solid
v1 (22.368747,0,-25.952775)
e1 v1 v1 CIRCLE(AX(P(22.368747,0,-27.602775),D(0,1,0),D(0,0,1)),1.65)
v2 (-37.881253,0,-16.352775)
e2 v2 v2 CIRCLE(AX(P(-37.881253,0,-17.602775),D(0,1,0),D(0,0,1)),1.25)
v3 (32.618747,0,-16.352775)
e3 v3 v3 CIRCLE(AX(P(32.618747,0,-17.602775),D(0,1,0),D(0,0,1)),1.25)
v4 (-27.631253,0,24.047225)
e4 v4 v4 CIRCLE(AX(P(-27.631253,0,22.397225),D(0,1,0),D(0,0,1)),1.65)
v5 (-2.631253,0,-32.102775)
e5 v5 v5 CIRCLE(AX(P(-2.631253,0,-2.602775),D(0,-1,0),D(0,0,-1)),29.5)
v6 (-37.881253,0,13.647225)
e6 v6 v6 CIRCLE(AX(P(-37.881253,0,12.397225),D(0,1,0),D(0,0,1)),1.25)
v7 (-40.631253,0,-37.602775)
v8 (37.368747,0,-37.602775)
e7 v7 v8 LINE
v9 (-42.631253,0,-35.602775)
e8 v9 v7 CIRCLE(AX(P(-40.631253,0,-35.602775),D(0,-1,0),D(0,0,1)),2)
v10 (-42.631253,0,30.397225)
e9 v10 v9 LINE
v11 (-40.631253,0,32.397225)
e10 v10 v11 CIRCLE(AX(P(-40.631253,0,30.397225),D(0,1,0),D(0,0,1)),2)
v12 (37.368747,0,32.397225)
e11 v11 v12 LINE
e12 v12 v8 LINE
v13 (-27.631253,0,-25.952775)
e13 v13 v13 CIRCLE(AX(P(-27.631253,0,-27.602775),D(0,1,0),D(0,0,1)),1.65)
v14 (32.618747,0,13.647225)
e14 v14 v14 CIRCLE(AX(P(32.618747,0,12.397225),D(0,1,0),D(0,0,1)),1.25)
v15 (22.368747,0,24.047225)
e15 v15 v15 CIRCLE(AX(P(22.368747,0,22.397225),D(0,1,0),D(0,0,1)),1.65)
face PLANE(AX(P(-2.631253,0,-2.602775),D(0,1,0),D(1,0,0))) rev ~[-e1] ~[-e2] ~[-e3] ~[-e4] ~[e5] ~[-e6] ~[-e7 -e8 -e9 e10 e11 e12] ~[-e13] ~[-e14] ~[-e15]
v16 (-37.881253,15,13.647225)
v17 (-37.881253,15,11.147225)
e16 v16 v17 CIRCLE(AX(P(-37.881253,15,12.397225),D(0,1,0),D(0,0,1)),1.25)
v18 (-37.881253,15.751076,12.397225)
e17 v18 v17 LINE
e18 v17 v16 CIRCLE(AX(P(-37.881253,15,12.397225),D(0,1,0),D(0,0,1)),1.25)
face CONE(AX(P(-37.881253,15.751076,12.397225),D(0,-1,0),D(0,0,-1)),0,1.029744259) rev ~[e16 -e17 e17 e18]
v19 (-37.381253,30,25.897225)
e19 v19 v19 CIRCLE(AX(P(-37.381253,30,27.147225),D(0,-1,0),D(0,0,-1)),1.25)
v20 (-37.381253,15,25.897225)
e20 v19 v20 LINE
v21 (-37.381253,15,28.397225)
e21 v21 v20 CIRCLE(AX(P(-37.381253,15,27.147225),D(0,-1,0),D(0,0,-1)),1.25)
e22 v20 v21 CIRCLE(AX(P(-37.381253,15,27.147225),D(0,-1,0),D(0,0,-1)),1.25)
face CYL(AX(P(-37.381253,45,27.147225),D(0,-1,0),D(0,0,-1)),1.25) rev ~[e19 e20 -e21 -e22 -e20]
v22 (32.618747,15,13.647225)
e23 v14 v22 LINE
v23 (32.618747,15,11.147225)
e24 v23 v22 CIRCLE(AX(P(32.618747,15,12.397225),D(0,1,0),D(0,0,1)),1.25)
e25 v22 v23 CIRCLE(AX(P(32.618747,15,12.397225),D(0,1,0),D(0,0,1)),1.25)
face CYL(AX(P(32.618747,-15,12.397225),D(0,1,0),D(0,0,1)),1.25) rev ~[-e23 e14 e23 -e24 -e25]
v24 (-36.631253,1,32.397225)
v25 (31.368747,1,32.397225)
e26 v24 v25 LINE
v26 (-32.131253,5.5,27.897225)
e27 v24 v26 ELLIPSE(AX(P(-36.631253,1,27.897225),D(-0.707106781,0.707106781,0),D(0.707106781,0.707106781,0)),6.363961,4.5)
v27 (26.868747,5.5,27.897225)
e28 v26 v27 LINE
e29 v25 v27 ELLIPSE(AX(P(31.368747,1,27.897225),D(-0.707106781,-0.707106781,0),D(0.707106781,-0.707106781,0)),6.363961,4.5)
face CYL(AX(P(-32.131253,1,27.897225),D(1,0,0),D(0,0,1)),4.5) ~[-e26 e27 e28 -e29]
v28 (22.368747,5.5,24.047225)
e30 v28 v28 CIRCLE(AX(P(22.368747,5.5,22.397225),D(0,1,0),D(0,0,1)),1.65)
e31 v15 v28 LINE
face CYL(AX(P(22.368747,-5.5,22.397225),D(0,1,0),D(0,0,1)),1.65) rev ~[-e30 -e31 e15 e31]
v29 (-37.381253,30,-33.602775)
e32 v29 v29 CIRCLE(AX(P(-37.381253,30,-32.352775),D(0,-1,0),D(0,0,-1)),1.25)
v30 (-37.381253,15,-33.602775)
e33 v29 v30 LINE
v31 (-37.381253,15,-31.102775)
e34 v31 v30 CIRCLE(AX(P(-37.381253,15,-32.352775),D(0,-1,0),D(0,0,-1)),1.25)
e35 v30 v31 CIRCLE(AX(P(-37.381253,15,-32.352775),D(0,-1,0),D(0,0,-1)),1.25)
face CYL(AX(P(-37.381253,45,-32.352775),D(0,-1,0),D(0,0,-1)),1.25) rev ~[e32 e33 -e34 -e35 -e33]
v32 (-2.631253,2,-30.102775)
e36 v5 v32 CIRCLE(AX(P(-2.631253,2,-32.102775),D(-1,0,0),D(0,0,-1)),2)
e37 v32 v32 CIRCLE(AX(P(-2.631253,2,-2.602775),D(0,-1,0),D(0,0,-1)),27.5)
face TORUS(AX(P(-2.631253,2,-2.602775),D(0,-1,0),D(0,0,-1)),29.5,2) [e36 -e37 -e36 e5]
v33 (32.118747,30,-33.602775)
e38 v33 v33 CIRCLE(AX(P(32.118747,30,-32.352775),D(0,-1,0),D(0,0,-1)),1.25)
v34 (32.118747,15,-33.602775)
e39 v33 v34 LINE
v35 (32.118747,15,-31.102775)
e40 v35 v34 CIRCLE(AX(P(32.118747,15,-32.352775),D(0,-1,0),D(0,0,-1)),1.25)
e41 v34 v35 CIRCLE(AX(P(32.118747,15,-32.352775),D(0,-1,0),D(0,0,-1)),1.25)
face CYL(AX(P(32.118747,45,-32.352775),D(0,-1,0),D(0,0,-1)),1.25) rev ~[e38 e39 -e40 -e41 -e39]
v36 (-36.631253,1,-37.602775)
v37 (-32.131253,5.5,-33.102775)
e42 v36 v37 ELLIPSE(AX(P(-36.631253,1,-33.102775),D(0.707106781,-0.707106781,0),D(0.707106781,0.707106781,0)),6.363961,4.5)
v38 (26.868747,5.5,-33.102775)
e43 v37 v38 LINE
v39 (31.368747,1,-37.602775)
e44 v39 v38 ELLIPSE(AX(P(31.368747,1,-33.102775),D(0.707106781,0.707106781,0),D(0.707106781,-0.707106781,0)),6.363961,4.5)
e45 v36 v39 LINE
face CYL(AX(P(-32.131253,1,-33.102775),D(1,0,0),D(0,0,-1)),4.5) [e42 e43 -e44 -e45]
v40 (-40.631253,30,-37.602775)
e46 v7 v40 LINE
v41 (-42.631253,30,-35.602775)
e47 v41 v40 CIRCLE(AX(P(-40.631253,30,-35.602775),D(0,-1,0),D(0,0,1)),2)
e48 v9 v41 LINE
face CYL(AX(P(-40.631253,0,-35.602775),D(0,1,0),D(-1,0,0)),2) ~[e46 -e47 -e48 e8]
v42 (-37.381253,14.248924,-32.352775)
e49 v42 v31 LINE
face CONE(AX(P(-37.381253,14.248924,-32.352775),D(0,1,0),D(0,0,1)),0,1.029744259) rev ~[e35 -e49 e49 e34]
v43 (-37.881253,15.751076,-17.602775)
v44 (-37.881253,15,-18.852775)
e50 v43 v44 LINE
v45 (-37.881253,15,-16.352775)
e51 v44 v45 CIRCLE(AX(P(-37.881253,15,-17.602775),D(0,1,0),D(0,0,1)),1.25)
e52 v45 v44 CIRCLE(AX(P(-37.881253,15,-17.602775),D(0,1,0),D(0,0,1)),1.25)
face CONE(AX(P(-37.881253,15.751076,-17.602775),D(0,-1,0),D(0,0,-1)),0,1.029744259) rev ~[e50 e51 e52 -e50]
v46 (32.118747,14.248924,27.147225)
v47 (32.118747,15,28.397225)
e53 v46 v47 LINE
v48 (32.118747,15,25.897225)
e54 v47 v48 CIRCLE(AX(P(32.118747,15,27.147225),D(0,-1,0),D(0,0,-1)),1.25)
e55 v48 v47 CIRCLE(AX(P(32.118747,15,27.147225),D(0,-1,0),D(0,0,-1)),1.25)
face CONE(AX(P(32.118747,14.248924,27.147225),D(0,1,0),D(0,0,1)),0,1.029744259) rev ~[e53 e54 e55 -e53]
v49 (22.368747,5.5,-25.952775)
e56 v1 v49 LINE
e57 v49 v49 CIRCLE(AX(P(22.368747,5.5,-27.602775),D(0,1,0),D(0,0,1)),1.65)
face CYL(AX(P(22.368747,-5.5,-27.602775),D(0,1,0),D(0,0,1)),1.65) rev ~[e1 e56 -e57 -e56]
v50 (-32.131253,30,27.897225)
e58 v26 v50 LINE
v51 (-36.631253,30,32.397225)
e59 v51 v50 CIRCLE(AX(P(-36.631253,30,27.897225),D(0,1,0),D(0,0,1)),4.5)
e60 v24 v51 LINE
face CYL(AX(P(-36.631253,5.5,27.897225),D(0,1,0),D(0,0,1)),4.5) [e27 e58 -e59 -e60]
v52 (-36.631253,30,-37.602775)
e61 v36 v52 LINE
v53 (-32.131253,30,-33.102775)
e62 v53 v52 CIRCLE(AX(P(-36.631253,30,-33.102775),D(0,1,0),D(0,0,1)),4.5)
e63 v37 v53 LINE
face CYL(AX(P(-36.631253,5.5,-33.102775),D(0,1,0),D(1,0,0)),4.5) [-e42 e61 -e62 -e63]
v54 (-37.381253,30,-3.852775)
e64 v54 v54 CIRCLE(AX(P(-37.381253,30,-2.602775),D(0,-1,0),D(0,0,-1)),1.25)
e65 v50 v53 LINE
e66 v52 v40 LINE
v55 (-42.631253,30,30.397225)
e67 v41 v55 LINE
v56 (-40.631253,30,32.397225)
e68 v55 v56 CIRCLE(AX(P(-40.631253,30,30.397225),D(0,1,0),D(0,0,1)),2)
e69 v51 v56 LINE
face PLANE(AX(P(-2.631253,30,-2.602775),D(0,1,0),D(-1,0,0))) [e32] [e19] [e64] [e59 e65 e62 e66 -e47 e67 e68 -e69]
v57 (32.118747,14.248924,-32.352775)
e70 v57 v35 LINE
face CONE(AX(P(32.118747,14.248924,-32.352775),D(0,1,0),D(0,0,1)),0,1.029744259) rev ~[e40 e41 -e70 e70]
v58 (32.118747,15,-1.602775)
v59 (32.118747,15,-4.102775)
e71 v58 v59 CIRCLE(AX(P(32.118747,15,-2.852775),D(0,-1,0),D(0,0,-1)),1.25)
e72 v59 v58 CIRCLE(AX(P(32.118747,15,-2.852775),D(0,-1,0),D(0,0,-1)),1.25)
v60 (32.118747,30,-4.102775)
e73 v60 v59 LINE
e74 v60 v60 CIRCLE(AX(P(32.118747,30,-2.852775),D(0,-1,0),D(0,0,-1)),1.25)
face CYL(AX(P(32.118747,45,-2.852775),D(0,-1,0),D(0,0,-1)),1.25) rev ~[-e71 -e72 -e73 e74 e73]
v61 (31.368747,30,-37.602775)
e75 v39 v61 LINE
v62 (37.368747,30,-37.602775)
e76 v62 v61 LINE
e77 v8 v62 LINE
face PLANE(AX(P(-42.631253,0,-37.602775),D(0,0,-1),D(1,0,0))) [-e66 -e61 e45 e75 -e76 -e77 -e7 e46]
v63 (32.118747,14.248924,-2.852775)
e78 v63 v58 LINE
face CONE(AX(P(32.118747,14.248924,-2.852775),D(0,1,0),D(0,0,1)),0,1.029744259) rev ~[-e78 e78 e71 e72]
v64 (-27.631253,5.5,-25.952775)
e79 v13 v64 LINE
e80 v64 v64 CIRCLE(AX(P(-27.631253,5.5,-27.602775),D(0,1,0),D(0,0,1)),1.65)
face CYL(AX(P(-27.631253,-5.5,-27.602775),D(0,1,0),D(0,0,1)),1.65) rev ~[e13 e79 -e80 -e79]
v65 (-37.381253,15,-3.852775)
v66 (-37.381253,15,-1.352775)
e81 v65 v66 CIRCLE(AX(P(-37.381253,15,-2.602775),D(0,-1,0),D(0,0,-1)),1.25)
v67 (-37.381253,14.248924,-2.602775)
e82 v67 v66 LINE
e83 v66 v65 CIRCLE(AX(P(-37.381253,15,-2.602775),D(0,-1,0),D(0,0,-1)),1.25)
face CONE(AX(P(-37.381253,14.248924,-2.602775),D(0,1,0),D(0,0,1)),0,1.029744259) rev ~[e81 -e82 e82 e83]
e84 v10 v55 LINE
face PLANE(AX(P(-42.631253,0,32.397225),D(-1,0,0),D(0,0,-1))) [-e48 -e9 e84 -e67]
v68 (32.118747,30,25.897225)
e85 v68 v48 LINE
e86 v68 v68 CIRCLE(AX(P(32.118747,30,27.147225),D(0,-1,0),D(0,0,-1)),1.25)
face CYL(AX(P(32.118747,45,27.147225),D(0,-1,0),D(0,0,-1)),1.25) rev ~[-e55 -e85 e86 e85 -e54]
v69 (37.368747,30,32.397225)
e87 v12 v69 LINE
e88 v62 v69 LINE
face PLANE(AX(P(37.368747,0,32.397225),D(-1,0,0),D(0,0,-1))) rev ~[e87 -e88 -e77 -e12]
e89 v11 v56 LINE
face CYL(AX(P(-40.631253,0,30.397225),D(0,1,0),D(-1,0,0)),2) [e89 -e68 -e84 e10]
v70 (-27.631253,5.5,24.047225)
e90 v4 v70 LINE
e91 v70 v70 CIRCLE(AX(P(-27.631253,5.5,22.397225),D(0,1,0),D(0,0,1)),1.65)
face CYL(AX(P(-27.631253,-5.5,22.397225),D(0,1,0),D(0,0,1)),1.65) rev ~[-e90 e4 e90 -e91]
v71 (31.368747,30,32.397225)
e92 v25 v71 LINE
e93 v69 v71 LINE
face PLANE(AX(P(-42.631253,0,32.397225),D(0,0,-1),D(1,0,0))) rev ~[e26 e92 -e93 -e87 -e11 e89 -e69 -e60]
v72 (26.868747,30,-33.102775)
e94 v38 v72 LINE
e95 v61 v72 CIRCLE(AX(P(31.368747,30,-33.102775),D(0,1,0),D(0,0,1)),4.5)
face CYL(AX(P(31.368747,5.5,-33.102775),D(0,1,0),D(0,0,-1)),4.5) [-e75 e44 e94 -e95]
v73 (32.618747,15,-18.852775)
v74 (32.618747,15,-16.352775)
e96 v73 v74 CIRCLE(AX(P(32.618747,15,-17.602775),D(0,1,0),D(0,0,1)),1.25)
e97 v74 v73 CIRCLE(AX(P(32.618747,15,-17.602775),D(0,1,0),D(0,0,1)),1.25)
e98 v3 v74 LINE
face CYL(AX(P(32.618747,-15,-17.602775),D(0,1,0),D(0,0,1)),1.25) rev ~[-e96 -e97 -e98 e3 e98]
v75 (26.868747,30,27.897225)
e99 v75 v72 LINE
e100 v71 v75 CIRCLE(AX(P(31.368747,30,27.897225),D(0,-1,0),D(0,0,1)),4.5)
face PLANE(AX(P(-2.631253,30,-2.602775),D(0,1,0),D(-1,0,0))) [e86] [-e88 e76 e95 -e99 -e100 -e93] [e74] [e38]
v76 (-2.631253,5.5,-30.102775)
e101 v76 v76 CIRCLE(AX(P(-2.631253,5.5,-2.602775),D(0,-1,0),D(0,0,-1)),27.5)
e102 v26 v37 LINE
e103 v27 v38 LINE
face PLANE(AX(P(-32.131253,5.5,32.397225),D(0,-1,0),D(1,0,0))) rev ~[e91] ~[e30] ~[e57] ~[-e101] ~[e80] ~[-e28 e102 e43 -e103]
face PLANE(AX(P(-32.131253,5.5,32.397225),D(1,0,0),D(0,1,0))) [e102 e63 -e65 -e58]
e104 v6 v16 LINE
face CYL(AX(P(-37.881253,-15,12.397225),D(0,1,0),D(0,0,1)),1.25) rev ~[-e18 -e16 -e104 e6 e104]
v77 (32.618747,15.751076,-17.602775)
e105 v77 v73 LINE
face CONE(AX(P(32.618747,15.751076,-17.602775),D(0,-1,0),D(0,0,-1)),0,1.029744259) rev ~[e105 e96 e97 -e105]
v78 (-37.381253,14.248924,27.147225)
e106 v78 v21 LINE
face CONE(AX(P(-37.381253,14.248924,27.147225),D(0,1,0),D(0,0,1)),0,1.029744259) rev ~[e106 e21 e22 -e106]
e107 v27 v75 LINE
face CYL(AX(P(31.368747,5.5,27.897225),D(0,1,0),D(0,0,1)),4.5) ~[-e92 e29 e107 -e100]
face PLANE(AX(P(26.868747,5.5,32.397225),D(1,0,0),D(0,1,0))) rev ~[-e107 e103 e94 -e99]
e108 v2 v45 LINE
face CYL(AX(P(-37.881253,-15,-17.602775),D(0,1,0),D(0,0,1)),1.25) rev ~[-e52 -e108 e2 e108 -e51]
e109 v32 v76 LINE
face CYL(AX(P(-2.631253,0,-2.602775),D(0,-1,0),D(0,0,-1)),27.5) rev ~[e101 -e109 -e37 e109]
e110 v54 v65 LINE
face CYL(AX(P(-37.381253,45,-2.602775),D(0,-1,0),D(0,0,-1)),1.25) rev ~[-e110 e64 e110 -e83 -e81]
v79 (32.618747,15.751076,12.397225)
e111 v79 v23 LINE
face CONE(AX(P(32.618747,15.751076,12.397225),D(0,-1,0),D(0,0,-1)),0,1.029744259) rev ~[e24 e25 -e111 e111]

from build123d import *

# Parameters (mm, degrees)
SKETCH1_W                       = 80
SKETCH1_H                       = 70
BOSS_EXTRUDE1_DEPTH             = 35.5
CUT_EXTRUDE1_REACH              = 72
SKETCH2_W                       = 59
SKETCH2_H                       = 24.5
SKETCH6_R                       = 27.5
CUT_EXTRUDE3_DEPTH              = 5.5
M4X0_7_TAPPED_HOLE1_D           = 3.3
M4X0_7_TAPPED_HOLE1_DEPTH       = 5.5
FILLET2_R                       = 2
SKETCH9_W                       = 80
SKETCH9_H                       = 70
CUT_EXTRUDE5_DEPTH              = 5.5
TAP_DRILL_FOR_M3X0_5_TAP1_D     = 2.5
TAP_DRILL_FOR_M3X0_5_TAP1_DEPTH = 15
TAP_DRILL_FOR_M3X0_5_TAP1_TIP   = 0.751075774
FILLET5_R                       = 2
FILLET6_R                       = 2
FILLET7_R                       = 4.5
FILLET8_R                       = 4.5
TAP_DRILL_FOR_M3X0_5_TAP2_D     = 2.5
TAP_DRILL_FOR_M3X0_5_TAP2_DEPTH = 15
TAP_DRILL_FOR_M3X0_5_TAP2_TIP   = 0.751075774


with BuildPart() as part:
    # Sketch1 → Boss-Extrude1 (new body)
    with BuildSketch(Plane(origin=(0, 0, 0), x_dir=(1, 0, 0), z_dir=(0, 1, 0))):
        with Locations((-2.631253278, 2.602774632)):
            Rectangle(SKETCH1_W, SKETCH1_H)
    extrude(amount=BOSS_EXTRUDE1_DEPTH)

    # Sketch2 → Cut-Extrude1 (cut, up to next)
    with BuildSketch(Plane.XY.offset(32.397225368), mode=Mode.PRIVATE) as cut_extrude1_sk1:
        with Locations((-2.631253278, 17.75)):
            Rectangle(SKETCH2_W, SKETCH2_H)
    cut_extrude1_tool1 = extrude(cut_extrude1_sk1.sketch, amount=-CUT_EXTRUDE1_REACH, mode=Mode.PRIVATE) & part.part
    add(cut_extrude1_tool1.solids().sort_by_distance((-2.631253, 17.75, 32.397225))[0], mode=Mode.SUBTRACT)

    # Sketch6 → Cut-Extrude3 (cut)
    with BuildSketch(Plane.XZ):
        with Locations(Location((-2.631253278, -2.602774632, 0), (0, 0, 270))):  # turned: the seam where the file's is
            Circle(SKETCH6_R)
    extrude(amount=-CUT_EXTRUDE3_DEPTH, mode=Mode.SUBTRACT)

    # M4x0.7 Tapped Hole1
    with Locations(Plane(origin=(22.368746722, 0, 22.397225368), x_dir=(0, 0, -1), z_dir=(0, -1, 0))):
        with Locations((0, 0), (50, 0), (50, -50), (0, -50)):
            Hole(M4X0_7_TAPPED_HOLE1_D / 2, depth=M4X0_7_TAPPED_HOLE1_DEPTH)

    # Fillet2
    fillet2_edges = [part.edges().sort_by_distance(p)[0] for p in [
        (-2.631253278, 0, 24.897225368),
    ]]
    fillet(fillet2_edges, radius=FILLET2_R)

    # Sketch9 → Cut-Extrude5 (cut)
    with BuildSketch(Plane(origin=(0, 35.5, 0), x_dir=(-1, 0, 0), z_dir=(0, 1, 0))):
        with Locations((2.631253278, -2.602774632)):
            Rectangle(SKETCH9_W, SKETCH9_H)
    extrude(amount=-CUT_EXTRUDE5_DEPTH, mode=Mode.SUBTRACT)

    # Tap Drill for M3x0.5 Tap1
    with Locations(Plane(origin=(-37.381253278, 30, -32.352774632), x_dir=(0, 0, 1), z_dir=(0, 1, 0))):
        with Locations((0, 0), (29.75, 0), (59.5, 0), (0, 69.5), (29.5, 69.5), (59.5, 69.5)):
            Hole(TAP_DRILL_FOR_M3X0_5_TAP1_D / 2, depth=TAP_DRILL_FOR_M3X0_5_TAP1_DEPTH)
            with Locations((0, 0, -(TAP_DRILL_FOR_M3X0_5_TAP1_DEPTH + TAP_DRILL_FOR_M3X0_5_TAP1_TIP / 2))):  # 118° drill point
                Cone(0, TAP_DRILL_FOR_M3X0_5_TAP1_D / 2, TAP_DRILL_FOR_M3X0_5_TAP1_TIP, mode=Mode.SUBTRACT)

    # Fillet5
    fillet5_edges = [part.edges().sort_by_distance(p)[0] for p in [
        (-42.631253278, 15, 32.397225368),
    ]]
    fillet(fillet5_edges, radius=FILLET5_R)

    # Fillet6
    fillet6_edges = [part.edges().sort_by_distance(p)[0] for p in [
        (-42.631253278, 15, -37.602774632),
    ]]
    fillet(fillet6_edges, radius=FILLET6_R)

    # Fillet7
    fillet7_edges = [part.edges().sort_by_distance(p)[0] for p in [
        (-32.131253278, 17.75, 32.397225368),
        (-2.631253278, 5.5, 32.397225368),
        (26.868746722, 17.75, 32.397225368),
    ]]
    fillet(fillet7_edges, radius=FILLET7_R)

    # Fillet8
    fillet8_edges = [part.edges().sort_by_distance(p)[0] for p in [
        (-2.631253278, 5.5, -37.602774632),
        (-32.131253278, 17.75, -37.602774632),
        (26.868746722, 17.75, -37.602774632),
    ]]
    fillet(fillet8_edges, radius=FILLET8_R)

    # Tap Drill for M3x0.5 Tap2
    with Locations(Plane(origin=(32.618746722, 0, 12.397225368), x_dir=(0, 0, -1), z_dir=(0, -1, 0))):
        with Locations((0, 0), (30, 0), (0, -70.5), (30, -70.5)):
            Hole(TAP_DRILL_FOR_M3X0_5_TAP2_D / 2, depth=TAP_DRILL_FOR_M3X0_5_TAP2_DEPTH)
            with Locations((0, 0, -(TAP_DRILL_FOR_M3X0_5_TAP2_DEPTH + TAP_DRILL_FOR_M3X0_5_TAP2_TIP / 2))):  # 118° drill point
                Cone(0, TAP_DRILL_FOR_M3X0_5_TAP2_D / 2, TAP_DRILL_FOR_M3X0_5_TAP2_TIP, mode=Mode.SUBTRACT)


solid = part.part
